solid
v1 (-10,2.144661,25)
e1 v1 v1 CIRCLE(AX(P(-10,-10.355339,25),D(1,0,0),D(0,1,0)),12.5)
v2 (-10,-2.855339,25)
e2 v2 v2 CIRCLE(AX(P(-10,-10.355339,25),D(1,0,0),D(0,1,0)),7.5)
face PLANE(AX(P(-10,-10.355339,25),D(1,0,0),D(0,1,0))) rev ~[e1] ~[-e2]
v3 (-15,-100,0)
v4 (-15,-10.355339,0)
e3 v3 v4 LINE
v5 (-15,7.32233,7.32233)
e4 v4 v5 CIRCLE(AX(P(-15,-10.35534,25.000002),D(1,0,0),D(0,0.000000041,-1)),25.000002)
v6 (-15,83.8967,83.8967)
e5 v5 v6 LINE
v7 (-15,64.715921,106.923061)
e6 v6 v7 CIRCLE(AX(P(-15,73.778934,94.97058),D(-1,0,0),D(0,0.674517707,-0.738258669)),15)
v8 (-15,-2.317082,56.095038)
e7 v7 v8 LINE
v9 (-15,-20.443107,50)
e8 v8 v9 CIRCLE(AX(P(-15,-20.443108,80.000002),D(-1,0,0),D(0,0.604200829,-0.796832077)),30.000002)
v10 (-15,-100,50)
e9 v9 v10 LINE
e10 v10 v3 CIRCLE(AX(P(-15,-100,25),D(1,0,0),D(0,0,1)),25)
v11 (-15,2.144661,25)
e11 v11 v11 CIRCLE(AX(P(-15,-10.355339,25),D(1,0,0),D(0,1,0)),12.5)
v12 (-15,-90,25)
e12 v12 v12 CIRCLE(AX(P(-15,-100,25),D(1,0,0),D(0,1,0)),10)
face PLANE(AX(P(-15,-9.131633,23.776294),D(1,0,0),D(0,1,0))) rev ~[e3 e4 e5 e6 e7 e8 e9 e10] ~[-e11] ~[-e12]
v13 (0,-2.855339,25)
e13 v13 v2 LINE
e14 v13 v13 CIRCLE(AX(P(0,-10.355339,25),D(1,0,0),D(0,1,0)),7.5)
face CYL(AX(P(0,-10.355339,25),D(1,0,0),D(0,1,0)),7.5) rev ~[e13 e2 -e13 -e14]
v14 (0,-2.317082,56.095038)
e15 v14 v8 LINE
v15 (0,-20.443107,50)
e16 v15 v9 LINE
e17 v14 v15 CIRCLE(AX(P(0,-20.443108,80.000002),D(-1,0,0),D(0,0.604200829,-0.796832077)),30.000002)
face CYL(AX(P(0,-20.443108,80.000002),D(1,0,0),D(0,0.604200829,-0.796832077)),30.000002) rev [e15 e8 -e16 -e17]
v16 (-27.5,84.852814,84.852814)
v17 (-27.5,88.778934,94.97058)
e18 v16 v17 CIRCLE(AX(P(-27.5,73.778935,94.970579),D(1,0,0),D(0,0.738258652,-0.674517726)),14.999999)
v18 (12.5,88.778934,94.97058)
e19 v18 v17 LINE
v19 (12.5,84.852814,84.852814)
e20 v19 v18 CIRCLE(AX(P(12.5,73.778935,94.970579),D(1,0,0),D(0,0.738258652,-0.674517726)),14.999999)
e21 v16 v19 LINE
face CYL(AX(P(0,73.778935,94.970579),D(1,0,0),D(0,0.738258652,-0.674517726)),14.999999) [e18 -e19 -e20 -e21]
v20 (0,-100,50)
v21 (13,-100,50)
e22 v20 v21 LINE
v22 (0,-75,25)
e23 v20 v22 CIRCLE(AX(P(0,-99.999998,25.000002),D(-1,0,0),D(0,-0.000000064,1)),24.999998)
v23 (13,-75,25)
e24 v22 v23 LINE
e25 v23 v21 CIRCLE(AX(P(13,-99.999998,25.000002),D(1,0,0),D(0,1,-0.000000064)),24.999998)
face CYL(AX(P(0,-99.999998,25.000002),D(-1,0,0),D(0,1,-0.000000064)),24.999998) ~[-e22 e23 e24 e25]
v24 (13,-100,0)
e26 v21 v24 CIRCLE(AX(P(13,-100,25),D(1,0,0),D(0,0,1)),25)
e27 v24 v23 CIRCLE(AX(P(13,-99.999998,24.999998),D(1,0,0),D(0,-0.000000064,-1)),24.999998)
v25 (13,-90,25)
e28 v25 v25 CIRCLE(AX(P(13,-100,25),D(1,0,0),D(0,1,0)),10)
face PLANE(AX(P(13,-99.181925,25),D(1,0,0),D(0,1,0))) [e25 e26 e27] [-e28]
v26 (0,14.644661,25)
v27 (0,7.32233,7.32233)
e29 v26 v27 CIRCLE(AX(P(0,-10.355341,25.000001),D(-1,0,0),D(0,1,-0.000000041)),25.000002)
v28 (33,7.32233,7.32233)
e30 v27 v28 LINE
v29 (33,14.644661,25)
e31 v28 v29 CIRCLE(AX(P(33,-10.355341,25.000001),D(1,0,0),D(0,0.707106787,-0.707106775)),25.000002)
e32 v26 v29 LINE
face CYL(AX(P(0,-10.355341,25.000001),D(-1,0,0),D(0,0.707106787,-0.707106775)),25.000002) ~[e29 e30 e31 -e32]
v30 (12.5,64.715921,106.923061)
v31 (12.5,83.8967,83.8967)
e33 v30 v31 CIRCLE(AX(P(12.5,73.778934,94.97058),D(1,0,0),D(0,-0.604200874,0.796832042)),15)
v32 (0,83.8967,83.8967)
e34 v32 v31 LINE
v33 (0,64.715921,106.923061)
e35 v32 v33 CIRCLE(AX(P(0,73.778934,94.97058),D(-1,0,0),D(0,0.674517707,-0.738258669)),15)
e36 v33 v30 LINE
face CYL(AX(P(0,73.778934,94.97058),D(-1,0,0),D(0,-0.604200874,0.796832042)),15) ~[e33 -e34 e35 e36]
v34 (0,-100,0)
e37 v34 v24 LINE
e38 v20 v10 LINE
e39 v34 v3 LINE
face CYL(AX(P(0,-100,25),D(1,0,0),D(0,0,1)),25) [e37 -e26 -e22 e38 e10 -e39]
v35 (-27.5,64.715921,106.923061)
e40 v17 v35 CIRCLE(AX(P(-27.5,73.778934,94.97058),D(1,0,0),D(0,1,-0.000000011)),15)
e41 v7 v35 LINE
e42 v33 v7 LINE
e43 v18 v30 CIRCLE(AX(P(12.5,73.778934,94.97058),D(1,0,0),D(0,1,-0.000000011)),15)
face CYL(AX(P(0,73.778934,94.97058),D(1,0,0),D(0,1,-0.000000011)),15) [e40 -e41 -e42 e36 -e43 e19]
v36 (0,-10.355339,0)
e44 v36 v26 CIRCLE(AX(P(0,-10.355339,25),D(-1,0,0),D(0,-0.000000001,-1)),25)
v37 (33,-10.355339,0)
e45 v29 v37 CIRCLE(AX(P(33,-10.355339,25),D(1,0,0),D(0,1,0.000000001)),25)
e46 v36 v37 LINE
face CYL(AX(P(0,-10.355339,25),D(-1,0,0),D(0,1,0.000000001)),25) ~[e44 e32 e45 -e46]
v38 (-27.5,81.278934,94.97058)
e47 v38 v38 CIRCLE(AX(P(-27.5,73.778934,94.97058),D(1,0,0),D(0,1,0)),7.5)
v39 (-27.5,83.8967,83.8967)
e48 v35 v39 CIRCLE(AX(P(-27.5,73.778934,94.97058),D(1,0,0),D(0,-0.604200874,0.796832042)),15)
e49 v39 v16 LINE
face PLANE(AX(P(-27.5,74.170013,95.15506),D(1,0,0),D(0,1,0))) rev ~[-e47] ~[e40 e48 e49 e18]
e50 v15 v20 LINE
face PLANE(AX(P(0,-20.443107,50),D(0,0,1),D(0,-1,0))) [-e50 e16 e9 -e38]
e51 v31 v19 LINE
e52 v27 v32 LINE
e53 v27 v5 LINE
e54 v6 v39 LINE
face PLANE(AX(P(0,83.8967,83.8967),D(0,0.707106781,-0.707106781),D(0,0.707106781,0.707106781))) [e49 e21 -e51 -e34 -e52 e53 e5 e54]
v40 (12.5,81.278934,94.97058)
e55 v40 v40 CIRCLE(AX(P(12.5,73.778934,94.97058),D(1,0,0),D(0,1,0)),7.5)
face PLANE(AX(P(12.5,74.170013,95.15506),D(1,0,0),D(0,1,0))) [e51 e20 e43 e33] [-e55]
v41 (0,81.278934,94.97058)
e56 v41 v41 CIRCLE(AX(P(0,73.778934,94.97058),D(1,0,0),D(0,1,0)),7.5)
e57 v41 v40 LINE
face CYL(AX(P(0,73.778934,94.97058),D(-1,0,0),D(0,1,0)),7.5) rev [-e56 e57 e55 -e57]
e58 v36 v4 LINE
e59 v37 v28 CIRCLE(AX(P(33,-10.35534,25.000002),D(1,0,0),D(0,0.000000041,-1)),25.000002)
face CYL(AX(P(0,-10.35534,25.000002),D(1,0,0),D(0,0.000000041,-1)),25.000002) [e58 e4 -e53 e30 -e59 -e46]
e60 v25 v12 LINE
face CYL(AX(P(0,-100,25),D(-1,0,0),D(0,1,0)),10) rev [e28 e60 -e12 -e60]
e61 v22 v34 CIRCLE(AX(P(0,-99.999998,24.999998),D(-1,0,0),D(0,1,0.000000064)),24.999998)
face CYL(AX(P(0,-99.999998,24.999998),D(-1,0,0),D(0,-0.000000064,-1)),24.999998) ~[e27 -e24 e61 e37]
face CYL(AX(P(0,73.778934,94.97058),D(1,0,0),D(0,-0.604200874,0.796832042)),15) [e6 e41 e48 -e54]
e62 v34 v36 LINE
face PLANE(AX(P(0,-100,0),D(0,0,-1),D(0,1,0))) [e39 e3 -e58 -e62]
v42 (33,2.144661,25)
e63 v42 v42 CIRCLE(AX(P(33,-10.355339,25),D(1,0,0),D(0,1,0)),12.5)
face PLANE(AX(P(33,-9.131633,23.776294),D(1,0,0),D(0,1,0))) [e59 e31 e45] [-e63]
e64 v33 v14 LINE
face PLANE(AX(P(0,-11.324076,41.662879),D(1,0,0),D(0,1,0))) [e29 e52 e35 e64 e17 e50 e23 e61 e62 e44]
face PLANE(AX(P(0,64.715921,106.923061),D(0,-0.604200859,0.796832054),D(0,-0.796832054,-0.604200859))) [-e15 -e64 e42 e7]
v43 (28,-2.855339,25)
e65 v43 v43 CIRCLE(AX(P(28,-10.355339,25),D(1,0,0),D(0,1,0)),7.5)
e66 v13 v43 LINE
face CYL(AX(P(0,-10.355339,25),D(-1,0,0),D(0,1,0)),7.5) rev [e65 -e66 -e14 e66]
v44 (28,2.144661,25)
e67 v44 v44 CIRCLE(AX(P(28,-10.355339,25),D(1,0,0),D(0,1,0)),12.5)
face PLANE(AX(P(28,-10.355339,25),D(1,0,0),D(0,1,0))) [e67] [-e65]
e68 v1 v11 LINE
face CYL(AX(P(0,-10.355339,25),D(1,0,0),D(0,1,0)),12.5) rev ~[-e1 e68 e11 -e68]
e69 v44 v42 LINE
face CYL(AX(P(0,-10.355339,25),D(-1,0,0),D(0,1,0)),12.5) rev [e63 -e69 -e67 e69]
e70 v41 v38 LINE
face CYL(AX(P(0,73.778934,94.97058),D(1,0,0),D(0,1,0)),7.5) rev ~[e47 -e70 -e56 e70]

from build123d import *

# Parameters (mm, degrees)
F1_DEPTH      = 15
F0_R          = 10
F2_DEPTH      = 13
F2_DEPTH_BACK = 15
F0_R_2        = 12.5
F3_DEPTH      = 33
F3_DEPTH_BACK = 15
F0_R_3        = 7.5
F4_DEPTH      = 28
F4_DEPTH_BACK = 10
F5_DEPTH      = 12.5
F5_DEPTH_BACK = 27.5


with BuildPart() as f1:
    # F0 (on Right) → F1 (new body)
    with BuildSketch(Plane.YZ):
        with BuildLine():
            ThreePointArc((-75, 25), (-82.32233, 7.32233), (-100, 0))
            Line((-100, 0), (-10.355339, 0))
            ThreePointArc((-10.355339, 0), (-28.033009, 42.677669), (14.644661, 25))
            ThreePointArc((14.644661, 25), (12.741649, 15.432914), (7.32233, 7.32233))
            Line((7.32233, 7.32233), (83.8967, 83.8967))
            ThreePointArc((83.8967, 83.8967), (62.253682, 85.370134), (64.715921, 106.923061))
            Line((64.715921, 106.923061), (-2.317082, 56.095038))
            ThreePointArc((-2.317082, 56.095038), (-10.881435, 51.564557), (-20.443107, 50))
            Line((-20.443107, 50), (-100, 50))
            ThreePointArc((-100, 50), (-82.32233, 42.67767), (-75, 25))
        make_face()
    extrude(amount=-F1_DEPTH)

    # F0 (on Right) → F2 (join, two sides)
    with BuildSketch(Plane.YZ) as f2_sk:
        with BuildLine():
            ThreePointArc((-100, 50), (-125, 25), (-100, 0))
            ThreePointArc((-100, 0), (-82.32233, 7.32233), (-75, 25))
            ThreePointArc((-75, 25), (-82.32233, 42.67767), (-100, 50))
        make_face()
        with Locations((-100, 25)):
            Circle(F0_R, mode=Mode.SUBTRACT)
    extrude(amount=F2_DEPTH)
    extrude(f2_sk.sketch, amount=-F2_DEPTH_BACK)

    # F0 (on Right) → F3 (join, two sides)
    with BuildSketch(Plane.YZ) as f3_sk:
        with BuildLine():
            ThreePointArc((14.644661, 25), (-28.033009, 42.677669), (-10.355339, 0))
            ThreePointArc((-10.355339, 0), (-0.788253, 1.903012), (7.32233, 7.32233))
            ThreePointArc((7.32233, 7.32233), (12.741649, 15.432914), (14.644661, 25))
        make_face()
        with Locations((-10.355339, 25)):
            Circle(F0_R_2, mode=Mode.SUBTRACT)
    extrude(amount=F3_DEPTH)
    extrude(f3_sk.sketch, amount=-F3_DEPTH_BACK)

    # F0 (on Right) → F4 (join, two sides)
    with BuildSketch(Plane.YZ) as f4_sk:
        with Locations((-10.355339, 25)):
            Circle(F0_R_2)
        with Locations((-10.355339, 25)):
            Circle(F0_R_3, mode=Mode.SUBTRACT)
    extrude(amount=F4_DEPTH)
    extrude(f4_sk.sketch, amount=-F4_DEPTH_BACK)

    # F0 (on Right) → F5 (join, two sides)
    with BuildSketch(Plane.YZ) as f5_sk:
        with BuildLine():
            ThreePointArc((64.715921, 106.923061), (62.253682, 85.370134), (83.8967, 83.8967))
            Line((83.8967, 83.8967), (84.852814, 84.852814))
            ThreePointArc((84.852814, 84.852814), (87.763, 89.544172), (88.778934, 94.97058))
            ThreePointArc((88.778934, 94.97058), (80.45182, 108.404589), (64.715921, 106.923061))
        make_face()
        with Locations((73.778934, 94.97058)):
            Circle(F0_R_3, mode=Mode.SUBTRACT)
    extrude(amount=F5_DEPTH)
    extrude(f5_sk.sketch, amount=-F5_DEPTH_BACK)


solid = f1.part
